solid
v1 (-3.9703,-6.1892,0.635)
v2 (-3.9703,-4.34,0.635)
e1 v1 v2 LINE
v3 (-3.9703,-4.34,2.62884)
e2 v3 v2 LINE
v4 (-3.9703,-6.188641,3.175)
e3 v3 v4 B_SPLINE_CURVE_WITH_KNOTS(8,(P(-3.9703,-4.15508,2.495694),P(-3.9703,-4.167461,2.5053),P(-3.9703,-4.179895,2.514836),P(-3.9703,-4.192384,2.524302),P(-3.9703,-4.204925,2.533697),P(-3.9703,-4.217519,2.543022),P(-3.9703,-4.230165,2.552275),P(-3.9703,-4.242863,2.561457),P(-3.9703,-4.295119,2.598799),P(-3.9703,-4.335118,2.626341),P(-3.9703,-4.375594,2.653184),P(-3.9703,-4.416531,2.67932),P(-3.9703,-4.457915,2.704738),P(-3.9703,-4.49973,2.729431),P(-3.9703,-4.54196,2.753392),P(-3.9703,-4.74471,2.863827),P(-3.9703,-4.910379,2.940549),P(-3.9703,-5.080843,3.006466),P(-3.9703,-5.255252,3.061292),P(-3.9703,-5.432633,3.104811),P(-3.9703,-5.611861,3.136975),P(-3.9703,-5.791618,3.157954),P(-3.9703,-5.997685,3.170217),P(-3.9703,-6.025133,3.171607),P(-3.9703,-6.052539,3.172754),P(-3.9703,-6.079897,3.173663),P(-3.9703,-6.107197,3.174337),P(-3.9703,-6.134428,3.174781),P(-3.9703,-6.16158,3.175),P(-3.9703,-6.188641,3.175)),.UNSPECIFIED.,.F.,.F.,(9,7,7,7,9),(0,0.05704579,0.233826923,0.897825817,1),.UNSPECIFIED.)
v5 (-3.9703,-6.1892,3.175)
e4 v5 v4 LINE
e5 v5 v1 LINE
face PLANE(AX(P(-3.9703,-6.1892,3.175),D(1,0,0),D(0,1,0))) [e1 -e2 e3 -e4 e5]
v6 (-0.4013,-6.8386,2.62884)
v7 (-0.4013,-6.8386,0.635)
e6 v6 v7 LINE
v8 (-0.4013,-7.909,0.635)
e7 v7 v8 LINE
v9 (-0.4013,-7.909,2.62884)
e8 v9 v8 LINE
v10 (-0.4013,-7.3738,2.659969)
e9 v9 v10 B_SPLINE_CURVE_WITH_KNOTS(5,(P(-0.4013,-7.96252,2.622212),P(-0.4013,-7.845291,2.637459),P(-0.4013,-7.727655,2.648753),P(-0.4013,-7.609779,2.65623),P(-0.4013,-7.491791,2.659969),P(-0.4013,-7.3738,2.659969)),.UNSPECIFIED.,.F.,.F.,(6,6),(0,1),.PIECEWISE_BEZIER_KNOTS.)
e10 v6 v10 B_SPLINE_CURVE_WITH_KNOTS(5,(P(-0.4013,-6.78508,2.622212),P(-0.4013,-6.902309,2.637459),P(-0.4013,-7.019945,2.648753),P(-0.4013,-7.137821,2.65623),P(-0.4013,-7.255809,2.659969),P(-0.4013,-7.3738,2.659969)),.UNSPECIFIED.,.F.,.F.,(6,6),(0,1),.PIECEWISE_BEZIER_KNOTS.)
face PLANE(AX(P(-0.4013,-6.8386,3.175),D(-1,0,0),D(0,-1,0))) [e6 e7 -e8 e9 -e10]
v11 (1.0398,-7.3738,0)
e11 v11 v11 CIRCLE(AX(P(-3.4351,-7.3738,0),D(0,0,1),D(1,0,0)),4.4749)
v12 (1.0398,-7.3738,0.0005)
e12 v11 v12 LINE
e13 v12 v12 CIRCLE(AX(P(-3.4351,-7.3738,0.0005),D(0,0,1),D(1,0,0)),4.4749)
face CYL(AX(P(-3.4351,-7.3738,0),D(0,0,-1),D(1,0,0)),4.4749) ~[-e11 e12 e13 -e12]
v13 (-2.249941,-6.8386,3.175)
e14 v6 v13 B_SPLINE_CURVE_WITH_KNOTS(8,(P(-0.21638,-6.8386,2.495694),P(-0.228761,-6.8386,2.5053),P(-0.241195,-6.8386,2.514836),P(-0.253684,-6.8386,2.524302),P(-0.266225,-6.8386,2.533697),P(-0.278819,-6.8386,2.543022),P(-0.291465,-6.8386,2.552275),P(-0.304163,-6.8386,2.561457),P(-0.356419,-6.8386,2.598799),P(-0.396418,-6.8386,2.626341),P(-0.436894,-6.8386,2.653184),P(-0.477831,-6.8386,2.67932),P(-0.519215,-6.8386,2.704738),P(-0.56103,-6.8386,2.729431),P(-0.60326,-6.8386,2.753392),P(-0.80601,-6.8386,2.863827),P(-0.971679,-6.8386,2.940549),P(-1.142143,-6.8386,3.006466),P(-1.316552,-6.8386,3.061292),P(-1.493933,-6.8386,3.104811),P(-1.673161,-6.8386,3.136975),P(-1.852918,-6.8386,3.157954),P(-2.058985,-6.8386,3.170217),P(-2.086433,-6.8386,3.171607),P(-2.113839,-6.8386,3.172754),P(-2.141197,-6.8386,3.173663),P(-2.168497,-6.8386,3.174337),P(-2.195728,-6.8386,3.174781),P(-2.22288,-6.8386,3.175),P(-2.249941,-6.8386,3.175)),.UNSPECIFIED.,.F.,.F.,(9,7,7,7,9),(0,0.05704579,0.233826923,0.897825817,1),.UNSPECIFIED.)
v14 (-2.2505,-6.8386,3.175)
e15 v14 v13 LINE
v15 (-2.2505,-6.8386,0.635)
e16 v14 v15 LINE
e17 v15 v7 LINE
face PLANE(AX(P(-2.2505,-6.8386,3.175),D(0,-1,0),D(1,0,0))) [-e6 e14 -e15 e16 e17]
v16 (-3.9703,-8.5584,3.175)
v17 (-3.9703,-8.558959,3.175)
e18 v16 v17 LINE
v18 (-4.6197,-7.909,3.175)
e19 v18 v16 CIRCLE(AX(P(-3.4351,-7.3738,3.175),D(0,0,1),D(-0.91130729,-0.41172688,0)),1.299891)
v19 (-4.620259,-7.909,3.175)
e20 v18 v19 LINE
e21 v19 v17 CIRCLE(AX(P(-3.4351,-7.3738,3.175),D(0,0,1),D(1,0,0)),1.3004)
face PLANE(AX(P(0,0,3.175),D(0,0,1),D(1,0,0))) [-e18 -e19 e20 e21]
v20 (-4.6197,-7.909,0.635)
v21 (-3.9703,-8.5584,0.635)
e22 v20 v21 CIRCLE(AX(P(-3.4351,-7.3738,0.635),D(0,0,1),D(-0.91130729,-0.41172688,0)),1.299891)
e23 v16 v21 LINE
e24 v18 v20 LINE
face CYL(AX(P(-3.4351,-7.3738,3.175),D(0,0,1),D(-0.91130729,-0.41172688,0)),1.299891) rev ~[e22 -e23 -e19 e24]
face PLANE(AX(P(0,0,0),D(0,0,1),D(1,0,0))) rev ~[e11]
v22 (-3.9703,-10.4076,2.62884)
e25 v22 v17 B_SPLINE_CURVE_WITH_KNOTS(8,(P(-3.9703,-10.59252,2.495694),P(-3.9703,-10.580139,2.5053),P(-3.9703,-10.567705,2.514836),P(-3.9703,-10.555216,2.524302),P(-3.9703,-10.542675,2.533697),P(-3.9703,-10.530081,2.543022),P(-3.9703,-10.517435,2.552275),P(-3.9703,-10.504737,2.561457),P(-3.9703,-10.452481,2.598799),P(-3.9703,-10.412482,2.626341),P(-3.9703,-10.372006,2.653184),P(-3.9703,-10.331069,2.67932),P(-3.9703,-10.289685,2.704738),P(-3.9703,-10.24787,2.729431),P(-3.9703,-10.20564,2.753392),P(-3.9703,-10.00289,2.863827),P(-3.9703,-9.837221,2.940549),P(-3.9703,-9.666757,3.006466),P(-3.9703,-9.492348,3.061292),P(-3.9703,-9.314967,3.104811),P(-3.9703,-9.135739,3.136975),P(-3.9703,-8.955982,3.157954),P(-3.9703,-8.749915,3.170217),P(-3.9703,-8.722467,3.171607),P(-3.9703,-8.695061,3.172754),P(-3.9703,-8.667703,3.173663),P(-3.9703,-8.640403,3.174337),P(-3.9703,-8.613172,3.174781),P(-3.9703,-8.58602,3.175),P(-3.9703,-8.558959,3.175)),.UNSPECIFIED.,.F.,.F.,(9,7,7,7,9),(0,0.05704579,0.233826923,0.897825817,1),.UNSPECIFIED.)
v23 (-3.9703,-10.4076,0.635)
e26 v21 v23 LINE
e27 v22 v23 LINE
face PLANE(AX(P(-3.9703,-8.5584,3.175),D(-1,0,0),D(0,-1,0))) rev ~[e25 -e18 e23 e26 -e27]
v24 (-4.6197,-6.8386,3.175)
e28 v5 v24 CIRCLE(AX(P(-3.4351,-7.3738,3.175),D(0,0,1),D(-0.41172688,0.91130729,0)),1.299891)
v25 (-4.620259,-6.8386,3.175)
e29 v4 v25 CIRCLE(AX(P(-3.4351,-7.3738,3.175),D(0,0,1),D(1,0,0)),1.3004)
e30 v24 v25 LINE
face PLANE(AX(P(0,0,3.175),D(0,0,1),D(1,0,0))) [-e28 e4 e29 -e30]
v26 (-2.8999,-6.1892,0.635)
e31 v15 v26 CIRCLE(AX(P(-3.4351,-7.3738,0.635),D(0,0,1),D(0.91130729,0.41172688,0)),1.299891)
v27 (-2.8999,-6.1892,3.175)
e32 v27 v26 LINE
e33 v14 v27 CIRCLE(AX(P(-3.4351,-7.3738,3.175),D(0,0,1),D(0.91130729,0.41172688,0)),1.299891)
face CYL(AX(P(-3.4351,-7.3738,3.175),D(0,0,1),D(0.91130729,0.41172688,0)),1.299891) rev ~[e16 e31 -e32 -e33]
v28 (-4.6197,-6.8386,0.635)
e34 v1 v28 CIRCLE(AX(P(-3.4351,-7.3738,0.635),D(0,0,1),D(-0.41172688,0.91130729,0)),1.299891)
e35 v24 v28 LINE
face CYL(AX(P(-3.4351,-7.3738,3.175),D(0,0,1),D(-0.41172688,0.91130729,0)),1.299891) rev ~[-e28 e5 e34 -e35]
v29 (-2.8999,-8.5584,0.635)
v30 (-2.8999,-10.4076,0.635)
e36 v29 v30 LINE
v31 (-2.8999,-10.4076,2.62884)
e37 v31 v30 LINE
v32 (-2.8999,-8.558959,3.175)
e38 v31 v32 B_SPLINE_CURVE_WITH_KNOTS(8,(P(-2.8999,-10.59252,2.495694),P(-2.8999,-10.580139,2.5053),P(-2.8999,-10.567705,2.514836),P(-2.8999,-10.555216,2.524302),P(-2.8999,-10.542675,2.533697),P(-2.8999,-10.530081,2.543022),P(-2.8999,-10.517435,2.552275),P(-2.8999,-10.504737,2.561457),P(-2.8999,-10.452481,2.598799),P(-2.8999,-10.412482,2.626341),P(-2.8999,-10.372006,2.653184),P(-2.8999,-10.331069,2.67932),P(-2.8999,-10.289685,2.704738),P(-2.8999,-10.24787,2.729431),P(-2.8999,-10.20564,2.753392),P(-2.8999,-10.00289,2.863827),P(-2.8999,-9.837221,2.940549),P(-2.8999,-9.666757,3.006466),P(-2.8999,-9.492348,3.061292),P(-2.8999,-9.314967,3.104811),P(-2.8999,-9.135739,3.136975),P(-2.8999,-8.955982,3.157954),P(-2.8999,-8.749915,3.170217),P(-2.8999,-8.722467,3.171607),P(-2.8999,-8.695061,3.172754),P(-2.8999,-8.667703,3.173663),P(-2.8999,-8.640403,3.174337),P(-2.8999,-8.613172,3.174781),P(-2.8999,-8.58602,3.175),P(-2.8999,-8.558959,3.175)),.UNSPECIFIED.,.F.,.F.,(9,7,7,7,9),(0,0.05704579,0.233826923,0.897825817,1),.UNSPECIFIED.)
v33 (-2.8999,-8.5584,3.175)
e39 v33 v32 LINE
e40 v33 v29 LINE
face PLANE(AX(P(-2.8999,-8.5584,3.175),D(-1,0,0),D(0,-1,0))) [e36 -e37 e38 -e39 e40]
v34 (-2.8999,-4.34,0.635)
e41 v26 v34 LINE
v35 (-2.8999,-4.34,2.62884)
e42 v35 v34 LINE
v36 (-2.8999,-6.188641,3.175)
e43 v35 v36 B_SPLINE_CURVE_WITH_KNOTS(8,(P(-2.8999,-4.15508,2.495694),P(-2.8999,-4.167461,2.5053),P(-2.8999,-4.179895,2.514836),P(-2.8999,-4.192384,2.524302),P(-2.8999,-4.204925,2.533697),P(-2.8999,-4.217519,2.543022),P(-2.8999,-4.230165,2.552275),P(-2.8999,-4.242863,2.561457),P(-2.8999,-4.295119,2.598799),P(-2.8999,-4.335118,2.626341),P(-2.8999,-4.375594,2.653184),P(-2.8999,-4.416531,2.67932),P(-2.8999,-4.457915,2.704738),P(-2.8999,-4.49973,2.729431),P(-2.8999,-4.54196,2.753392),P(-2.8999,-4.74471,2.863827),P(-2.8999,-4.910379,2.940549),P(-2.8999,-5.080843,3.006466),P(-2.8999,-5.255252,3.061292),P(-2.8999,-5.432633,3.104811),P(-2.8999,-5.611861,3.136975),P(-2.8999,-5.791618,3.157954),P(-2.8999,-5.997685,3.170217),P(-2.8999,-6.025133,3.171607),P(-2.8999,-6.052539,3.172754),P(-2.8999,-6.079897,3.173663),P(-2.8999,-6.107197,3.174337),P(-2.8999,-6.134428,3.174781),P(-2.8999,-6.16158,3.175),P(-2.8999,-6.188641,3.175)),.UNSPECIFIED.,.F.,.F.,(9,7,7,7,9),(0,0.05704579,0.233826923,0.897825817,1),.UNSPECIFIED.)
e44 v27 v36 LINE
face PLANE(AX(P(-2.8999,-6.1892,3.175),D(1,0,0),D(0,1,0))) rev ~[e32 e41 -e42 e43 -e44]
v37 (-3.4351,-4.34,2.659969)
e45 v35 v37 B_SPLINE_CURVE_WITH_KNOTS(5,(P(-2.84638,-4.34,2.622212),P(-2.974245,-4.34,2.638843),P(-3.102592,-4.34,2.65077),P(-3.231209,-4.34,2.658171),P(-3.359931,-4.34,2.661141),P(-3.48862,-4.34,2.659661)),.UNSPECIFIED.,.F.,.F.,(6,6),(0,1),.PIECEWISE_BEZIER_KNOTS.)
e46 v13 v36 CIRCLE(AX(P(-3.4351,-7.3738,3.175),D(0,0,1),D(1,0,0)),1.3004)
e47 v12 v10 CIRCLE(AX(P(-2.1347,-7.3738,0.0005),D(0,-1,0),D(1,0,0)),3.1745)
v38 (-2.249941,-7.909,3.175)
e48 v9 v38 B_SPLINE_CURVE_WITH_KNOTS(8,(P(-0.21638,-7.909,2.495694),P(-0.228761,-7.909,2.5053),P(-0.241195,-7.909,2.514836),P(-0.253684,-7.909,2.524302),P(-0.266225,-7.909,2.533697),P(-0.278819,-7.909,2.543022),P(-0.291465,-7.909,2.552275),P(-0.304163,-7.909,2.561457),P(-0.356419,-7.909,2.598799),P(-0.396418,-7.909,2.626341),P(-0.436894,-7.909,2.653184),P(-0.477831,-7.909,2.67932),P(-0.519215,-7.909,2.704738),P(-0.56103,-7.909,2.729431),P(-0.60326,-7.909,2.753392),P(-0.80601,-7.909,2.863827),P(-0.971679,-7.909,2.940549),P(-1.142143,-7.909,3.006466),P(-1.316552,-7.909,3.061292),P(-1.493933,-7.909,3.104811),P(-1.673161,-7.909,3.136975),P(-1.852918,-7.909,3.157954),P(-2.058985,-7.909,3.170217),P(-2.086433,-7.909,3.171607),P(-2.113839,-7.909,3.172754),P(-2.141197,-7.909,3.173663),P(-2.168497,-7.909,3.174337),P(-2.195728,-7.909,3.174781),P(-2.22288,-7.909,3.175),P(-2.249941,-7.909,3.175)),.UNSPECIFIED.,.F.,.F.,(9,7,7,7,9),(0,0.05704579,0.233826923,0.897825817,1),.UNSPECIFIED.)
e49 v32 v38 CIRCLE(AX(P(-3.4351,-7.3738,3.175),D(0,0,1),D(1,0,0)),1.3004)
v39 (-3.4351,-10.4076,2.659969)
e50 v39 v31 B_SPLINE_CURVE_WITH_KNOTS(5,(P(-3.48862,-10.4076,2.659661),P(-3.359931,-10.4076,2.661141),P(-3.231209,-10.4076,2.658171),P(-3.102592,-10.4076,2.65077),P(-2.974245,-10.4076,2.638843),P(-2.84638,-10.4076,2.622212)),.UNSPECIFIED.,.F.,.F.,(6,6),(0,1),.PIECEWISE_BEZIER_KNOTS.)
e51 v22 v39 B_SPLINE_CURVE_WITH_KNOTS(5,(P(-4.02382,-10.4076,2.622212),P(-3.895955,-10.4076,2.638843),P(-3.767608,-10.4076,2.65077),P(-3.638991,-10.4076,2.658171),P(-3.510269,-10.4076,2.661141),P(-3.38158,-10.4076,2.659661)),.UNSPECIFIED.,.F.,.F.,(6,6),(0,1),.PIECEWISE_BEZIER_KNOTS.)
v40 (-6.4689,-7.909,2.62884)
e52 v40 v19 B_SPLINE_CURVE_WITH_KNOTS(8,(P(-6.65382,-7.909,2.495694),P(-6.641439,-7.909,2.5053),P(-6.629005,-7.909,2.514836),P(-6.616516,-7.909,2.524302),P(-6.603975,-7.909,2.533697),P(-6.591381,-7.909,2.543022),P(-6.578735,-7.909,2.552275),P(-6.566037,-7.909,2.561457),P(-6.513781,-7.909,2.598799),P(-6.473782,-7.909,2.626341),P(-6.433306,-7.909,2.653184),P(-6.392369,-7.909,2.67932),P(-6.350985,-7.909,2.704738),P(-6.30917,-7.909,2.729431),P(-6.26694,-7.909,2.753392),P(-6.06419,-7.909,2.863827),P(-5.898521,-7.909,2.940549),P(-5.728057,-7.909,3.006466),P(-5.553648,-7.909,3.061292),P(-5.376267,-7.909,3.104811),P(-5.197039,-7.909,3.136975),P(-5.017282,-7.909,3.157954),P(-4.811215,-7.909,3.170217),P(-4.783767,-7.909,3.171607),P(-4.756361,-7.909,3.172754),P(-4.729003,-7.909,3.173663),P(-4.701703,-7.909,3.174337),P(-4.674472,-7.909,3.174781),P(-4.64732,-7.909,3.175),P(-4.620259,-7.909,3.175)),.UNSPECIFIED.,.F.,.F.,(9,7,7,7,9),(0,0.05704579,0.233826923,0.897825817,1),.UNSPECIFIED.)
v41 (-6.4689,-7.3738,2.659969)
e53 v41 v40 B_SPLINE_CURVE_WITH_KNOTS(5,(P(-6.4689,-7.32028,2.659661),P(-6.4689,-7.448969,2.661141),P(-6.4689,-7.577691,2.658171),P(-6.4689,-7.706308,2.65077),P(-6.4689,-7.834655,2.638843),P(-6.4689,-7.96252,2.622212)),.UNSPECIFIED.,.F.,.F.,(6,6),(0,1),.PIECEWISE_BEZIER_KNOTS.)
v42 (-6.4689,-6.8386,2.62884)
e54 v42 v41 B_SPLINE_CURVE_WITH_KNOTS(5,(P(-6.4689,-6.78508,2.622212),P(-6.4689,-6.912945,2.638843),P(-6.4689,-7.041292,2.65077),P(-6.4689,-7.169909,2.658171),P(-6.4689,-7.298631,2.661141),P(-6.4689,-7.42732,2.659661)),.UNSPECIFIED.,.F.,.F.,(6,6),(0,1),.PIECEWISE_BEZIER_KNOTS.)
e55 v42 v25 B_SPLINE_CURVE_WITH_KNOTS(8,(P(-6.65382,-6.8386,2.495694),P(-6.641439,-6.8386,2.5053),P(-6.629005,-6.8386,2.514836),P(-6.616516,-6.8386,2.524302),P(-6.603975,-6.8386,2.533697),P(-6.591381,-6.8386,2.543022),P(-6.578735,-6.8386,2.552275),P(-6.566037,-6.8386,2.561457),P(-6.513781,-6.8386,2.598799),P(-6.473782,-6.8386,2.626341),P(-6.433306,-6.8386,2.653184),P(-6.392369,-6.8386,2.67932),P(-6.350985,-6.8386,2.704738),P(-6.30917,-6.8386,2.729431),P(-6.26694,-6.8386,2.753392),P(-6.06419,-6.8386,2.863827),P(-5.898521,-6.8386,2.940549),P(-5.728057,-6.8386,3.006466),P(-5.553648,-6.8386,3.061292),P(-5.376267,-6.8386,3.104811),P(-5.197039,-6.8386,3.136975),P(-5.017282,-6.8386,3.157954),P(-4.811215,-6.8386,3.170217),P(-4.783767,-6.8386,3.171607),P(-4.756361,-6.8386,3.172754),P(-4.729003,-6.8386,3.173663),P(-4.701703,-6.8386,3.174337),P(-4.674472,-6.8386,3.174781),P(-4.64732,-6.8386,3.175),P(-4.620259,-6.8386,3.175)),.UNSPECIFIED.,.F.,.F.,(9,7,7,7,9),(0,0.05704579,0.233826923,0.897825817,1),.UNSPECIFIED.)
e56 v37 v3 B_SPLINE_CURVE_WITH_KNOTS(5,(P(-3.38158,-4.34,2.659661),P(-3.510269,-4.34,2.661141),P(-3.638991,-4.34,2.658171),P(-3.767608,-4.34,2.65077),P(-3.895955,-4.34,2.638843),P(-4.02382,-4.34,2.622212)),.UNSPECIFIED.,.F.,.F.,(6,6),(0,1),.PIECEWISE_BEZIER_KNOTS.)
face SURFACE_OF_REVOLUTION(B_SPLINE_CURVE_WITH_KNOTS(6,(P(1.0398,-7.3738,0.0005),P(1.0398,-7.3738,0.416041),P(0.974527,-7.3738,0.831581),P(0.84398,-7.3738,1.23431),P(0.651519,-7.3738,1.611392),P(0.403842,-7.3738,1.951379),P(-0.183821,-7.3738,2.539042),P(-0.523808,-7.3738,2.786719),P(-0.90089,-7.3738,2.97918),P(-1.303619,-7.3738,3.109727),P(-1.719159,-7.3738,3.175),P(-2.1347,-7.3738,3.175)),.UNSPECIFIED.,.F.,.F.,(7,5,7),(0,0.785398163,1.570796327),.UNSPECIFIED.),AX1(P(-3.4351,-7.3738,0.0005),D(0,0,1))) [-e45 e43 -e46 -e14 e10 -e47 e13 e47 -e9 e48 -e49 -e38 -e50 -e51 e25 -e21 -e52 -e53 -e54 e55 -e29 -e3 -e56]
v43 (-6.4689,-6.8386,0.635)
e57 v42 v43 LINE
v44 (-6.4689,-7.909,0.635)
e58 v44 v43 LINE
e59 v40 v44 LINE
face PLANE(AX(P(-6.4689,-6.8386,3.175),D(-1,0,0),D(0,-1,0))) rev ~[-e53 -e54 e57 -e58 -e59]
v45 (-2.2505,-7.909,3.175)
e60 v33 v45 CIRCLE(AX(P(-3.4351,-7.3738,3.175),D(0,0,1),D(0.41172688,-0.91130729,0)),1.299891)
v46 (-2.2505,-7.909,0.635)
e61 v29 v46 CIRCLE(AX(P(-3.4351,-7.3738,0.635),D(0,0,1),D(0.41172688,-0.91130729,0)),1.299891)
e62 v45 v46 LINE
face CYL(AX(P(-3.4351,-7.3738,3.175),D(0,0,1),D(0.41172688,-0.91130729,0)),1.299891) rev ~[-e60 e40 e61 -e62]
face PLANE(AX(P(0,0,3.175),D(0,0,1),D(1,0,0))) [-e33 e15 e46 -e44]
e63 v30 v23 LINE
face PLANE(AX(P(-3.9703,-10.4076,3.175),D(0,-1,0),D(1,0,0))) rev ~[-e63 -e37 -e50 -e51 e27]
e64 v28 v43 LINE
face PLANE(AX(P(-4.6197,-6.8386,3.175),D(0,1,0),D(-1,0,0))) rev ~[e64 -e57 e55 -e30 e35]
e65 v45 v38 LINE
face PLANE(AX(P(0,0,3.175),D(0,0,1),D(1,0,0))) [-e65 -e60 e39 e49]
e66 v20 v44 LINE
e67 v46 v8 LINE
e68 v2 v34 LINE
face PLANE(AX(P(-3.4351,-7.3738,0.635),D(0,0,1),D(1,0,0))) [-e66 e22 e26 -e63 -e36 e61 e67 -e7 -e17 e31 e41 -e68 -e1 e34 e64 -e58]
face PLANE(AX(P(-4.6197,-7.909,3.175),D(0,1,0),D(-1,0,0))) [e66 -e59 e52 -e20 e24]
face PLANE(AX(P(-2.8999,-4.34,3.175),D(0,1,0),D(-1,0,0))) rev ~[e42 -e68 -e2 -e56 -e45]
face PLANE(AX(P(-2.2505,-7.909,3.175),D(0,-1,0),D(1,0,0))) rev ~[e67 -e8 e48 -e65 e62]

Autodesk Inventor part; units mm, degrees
ref_plane "YZ Plane" through (0, 0, 0) normal (1, 0, 0) x (0, 1, 0)
ref_plane "XZ Plane" through (0, 0, 0) normal (0, 1, 0) x (-1, 0, 0)
ref_plane "XY Plane" through (0, 0, 0) normal (0, 0, 1) x (1, 0, 0)
sketch "Sketch1" plane through (0, 0, 0) normal (0, 0, 1) x (1, 0, 0)
  circle A0 centre (-3.4351, -7.3738) radius 1.5 projected
  circle A1 centre (-3.4351, -7.3738) radius 4.4749
  point P0 (0, 0)
extrude "Extrusion1" add sketch "Sketch1" along normal blind 3.175 contours A0 | A1
fillet "Fillet1" radius 3.175 1 edges at (-7.91, -7.3738, 3.175)
sketch "Sketch2" plane through (-3.4351, -7.3738, 3.175) normal (0, 0, 1) x (1, 0, 0)
  circle A0 centre (0, 0) radius 1.2999 construction
  line L0 (-6.0004, 0) -> (5.9052, 0) construction
  line L1 (0.0173, 5.7893) -> (0.0173, -4.6347) construction
  line L2 (1.1846, 0.5352) -> (3.0338, 0.5352)
  line L3 (3.0338, 0.5352) -> (3.0338, 0)
  line L4 (1.1846, -0.5352) -> (3.0338, -0.5352)
  line L5 (3.0338, -0.5352) -> (3.0338, 0)
  line L6 (-0.5352, 1.1846) -> (-0.5352, 3.0338)
  line L7 (-0.5352, 3.0338) -> (0, 3.0338)
  line L8 (0.5352, 1.1846) -> (0.5352, 3.0338)
  line L9 (0.5352, 3.0338) -> (0, 3.0338)
  line L10 (-1.1846, -0.5352) -> (-3.0338, -0.5352)
  line L11 (-3.0338, -0.5352) -> (-3.0338, 0)
  line L12 (-1.1846, 0.5352) -> (-3.0338, 0.5352)
  line L13 (-3.0338, 0.5352) -> (-3.0338, 0)
  line L14 (0.5352, -1.1846) -> (0.5352, -3.0338)
  line L15 (0.5352, -3.0338) -> (0, -3.0338)
  line L16 (-0.5352, -1.1846) -> (-0.5352, -3.0338)
  line L17 (-0.5352, -3.0338) -> (0, -3.0338)
  arc A1 (1.1846, 0.5352) -> (0.5352, 1.1846) centre (0, 0) ccw
  arc A2 (-0.5352, 1.1846) -> (-1.1846, 0.5352) centre (0, 0) ccw
  arc A3 (-1.1846, -0.5352) -> (-0.5352, -1.1846) centre (0, 0) ccw
  arc A4 (0.5352, -1.1846) -> (1.1846, -0.5352) centre (0, 0) ccw
  point P0 (3.4351, 7.3738)
  dimension "d5" = 360
extrude "Extrusion2" cut sketch "Sketch2" against normal blind 2.54
properties part number "Bolt1"
